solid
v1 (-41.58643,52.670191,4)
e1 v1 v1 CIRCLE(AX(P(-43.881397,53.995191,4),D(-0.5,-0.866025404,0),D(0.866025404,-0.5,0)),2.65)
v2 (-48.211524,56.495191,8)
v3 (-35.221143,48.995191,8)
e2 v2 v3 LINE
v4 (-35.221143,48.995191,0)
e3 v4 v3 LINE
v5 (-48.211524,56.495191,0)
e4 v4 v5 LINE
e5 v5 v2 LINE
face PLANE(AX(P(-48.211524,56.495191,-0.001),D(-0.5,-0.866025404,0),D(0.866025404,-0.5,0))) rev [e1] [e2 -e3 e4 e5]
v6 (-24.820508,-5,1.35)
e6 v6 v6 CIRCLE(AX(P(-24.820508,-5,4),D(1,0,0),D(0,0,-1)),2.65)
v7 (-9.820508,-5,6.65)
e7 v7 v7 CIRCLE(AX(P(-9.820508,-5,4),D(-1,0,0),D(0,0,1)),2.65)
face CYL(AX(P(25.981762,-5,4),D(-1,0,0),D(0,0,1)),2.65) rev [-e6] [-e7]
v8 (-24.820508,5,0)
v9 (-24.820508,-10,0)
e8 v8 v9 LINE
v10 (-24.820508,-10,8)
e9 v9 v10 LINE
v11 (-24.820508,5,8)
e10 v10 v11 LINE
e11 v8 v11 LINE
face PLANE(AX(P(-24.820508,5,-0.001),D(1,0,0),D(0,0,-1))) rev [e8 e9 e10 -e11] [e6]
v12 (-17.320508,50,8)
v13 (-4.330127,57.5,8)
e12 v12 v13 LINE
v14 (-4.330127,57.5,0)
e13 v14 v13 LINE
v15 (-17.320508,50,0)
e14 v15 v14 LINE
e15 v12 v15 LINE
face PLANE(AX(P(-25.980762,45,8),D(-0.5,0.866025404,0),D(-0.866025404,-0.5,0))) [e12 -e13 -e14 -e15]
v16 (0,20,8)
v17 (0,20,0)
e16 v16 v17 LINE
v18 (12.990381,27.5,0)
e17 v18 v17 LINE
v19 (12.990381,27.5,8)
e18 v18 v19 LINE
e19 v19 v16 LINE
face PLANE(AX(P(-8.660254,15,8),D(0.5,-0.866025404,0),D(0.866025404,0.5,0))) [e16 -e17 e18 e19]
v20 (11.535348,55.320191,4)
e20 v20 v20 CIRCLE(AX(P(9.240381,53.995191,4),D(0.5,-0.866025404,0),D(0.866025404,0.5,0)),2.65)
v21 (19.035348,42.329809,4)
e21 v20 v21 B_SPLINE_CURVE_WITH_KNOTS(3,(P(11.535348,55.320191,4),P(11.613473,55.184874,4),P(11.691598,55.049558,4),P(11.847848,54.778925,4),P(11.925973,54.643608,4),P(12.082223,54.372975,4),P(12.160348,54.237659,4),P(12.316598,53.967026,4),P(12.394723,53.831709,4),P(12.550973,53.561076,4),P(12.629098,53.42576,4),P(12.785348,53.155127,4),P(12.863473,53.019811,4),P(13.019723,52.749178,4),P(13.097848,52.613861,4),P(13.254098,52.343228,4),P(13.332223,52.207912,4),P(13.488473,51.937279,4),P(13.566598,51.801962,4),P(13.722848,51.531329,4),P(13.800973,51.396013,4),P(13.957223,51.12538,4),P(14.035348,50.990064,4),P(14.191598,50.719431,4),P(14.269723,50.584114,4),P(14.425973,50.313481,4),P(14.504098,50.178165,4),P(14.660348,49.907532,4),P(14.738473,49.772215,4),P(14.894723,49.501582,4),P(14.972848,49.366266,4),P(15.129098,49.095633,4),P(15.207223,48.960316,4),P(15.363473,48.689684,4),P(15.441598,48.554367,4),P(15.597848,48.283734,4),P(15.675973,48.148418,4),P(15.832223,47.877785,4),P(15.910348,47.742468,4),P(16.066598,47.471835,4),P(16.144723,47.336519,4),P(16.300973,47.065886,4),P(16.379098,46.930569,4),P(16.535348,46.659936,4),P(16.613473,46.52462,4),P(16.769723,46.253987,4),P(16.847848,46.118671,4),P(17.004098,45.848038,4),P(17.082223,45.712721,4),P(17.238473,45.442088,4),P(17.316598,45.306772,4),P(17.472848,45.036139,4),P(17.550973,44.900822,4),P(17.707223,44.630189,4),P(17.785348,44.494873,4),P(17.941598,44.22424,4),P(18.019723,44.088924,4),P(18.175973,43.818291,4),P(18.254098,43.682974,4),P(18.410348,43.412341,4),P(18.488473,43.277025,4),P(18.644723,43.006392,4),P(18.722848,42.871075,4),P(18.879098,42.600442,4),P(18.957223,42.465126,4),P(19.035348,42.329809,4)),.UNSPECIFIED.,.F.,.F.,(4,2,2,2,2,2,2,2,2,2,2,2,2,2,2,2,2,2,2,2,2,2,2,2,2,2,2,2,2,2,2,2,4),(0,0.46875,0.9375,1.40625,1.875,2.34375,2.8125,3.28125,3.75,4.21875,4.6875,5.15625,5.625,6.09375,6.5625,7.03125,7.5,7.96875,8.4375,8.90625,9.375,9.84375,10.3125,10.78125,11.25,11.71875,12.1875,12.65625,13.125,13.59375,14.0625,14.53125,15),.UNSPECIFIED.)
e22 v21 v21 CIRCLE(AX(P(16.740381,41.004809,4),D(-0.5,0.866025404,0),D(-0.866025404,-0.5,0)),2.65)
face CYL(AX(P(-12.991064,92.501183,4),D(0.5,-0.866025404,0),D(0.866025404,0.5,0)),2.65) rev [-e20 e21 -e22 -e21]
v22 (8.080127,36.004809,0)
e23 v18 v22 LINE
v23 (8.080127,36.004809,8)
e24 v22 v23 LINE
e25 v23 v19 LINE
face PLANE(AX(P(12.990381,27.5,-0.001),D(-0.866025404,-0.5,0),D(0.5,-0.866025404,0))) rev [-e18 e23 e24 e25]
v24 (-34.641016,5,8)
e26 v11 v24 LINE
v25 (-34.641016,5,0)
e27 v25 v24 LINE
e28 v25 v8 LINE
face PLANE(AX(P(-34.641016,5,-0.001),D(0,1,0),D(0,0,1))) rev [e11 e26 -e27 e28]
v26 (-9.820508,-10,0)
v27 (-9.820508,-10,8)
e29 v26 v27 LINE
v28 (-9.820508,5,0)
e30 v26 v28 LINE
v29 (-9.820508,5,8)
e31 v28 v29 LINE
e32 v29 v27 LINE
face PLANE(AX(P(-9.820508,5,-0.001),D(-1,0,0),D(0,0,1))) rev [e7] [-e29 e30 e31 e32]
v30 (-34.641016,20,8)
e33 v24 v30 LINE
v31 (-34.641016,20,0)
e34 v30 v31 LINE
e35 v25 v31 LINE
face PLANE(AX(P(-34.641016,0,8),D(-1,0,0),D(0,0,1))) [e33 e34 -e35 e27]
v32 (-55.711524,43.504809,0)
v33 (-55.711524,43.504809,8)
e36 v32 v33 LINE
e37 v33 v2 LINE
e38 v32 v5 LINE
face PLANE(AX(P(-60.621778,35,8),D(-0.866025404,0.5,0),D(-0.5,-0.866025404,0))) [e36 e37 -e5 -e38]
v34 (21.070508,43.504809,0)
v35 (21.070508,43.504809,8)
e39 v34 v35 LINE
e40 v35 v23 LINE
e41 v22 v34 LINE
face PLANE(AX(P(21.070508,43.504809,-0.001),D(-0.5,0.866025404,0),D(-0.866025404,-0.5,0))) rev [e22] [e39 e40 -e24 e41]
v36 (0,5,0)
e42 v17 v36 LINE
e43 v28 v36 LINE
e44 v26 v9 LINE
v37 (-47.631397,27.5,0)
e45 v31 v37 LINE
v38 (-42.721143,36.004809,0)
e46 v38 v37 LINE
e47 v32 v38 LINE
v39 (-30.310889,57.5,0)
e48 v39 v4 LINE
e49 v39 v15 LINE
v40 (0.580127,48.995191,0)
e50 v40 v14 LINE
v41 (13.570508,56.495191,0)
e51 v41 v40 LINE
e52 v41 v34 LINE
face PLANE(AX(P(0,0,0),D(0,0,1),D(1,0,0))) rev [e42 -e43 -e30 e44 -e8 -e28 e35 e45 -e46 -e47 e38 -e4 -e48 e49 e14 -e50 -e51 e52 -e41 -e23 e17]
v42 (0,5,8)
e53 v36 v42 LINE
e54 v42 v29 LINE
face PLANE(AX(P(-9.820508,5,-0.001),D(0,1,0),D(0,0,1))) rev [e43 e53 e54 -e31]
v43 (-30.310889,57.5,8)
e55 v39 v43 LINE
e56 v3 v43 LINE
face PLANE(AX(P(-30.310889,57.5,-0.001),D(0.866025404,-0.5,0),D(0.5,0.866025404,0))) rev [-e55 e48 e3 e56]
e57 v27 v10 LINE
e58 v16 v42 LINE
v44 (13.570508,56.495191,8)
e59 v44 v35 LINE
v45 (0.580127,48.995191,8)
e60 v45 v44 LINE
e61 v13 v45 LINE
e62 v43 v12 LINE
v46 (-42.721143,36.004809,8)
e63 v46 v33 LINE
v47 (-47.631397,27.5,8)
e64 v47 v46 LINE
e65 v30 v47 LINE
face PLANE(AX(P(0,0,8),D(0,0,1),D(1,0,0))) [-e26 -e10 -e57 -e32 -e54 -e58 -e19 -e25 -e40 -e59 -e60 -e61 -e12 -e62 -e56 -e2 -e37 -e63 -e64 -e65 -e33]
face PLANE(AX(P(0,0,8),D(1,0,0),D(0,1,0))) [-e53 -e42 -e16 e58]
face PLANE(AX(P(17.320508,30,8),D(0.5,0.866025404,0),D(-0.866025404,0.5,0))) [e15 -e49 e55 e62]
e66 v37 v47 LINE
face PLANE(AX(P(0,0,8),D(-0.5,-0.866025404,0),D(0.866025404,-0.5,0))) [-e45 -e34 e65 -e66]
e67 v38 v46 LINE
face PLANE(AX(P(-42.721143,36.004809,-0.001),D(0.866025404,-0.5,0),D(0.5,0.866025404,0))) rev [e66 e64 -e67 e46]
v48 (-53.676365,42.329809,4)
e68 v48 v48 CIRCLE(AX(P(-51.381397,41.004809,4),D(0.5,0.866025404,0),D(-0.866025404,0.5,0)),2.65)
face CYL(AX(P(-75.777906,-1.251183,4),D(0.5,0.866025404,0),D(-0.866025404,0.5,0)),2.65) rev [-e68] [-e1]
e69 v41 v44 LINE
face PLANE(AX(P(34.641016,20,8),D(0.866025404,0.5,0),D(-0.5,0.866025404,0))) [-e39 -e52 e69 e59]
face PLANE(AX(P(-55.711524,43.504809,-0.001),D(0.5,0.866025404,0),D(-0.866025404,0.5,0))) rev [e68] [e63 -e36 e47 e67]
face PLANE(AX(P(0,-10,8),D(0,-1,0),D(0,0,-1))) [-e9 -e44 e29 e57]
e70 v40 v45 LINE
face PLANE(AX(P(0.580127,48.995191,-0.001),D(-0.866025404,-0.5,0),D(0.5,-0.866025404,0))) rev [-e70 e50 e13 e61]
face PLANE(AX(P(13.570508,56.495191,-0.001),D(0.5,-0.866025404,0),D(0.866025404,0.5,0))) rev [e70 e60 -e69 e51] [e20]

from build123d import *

# Parameters (mm, degrees)
BOSS_EXTRUDE5_DEPTH = 8
CUT_EXTRUDE4_REACH  = 91.241
SKETCH6_R           = 2.65
CUT_EXTRUDE5_REACH  = 89.972
SKETCH7_R           = 2.65
CUT_EXTRUDE6_REACH  = 74.553
SKETCH8_R           = 2.65
CUT_EXTRUDE7_REACH  = 91.241
SKETCH10_W          = 9.820508075
SKETCH10_H          = 15
SKETCH10_W_2        = 9.820508076


with BuildPart() as part:
    # Sketch1 → Boss-Extrude5 (new body)
    with BuildSketch(Plane(origin=(0, 0, 0), x_dir=(0, 1, 0), z_dir=(0, 0, 1))):
        Polygon((35, 60.621778265), (30, 51.961524227), (50, 17.320508076), (65, 43.301270189), align=None)
        Polygon((60, 0), (0, 0), (30, 51.961524227), align=None)
        Polygon((60, 0), (20, 0), (35, -25.980762114), (65, -8.660254038), align=None)
        Polygon((-10, 0), (0, 0), (20, 34.641016151), (-10, 34.641016151), align=None)
    extrude(amount=BOSS_EXTRUDE5_DEPTH)

    # Sketch6 → Cut-Extrude4 (cut, up to next)
    with BuildSketch(Plane(origin=(-34.641016151, 0, 0), x_dir=(0, -1, 0), z_dir=(-1, 0, 0)), mode=Mode.PRIVATE) as cut_extrude4_sk1:
        with Locations(Location((5, 4, 0), (0, 0, 90))):
            Circle(SKETCH6_R)
    cut_extrude4_tool1 = extrude(cut_extrude4_sk1.sketch, amount=-CUT_EXTRUDE4_REACH, mode=Mode.PRIVATE) & part.part
    add(cut_extrude4_tool1.solids().sort_by_distance((-34.641016, -5, 4))[0], mode=Mode.SUBTRACT)

    # Sketch7 → Cut-Extrude5 (cut, up to next)
    with BuildSketch(Plane(origin=(17.320508076, 30, 0), x_dir=(-0.8660254037844388, 0.49999999999999967, 0), z_dir=(0.49999999999999967, 0.8660254037844388, 0)), mode=Mode.PRIVATE) as cut_extrude5_sk1:
        with Locations((65, 4)):
            Circle(SKETCH7_R)
    cut_extrude5_tool1 = extrude(cut_extrude5_sk1.sketch, amount=-CUT_EXTRUDE5_REACH, mode=Mode.PRIVATE) & part.part
    add(cut_extrude5_tool1.solids().sort_by_distance((-38.971143, 62.5, 4))[0], mode=Mode.SUBTRACT)

    # Sketch8 → Cut-Extrude6 (cut, up to next)
    with BuildSketch(Plane(origin=(-8.660254038, 15, 0), x_dir=(0.8660254037844385, 0.5000000000000003, 0), z_dir=(0.5000000000000003, -0.8660254037844385, 0)), mode=Mode.PRIVATE) as cut_extrude6_sk1:
        with Locations((35, 4)):
            Circle(SKETCH8_R)
    cut_extrude6_tool1 = extrude(cut_extrude6_sk1.sketch, amount=-CUT_EXTRUDE6_REACH, mode=Mode.PRIVATE) & part.part
    add(cut_extrude6_tool1.solids().sort_by_distance((21.650635, 32.5, 4))[0], mode=Mode.SUBTRACT)

    # Sketch10 → Cut-Extrude7 (cut, up to next)
    with BuildSketch(Plane.XY.offset(8), mode=Mode.PRIVATE) as cut_extrude7_sk1:
        with Locations((-29.730762114, -2.5)):
            Rectangle(SKETCH10_W, SKETCH10_H)
    cut_extrude7_tool1 = extrude(cut_extrude7_sk1.sketch, amount=-CUT_EXTRUDE7_REACH, mode=Mode.PRIVATE) & part.part
    # Sketch10 → Cut-Extrude7 (cut, up to next)
    with BuildSketch(Plane.XY.offset(8), mode=Mode.PRIVATE) as cut_extrude7_sk2:
        with Locations((-4.910254038, -2.5)):
            Rectangle(SKETCH10_W_2, SKETCH10_H)
    cut_extrude7_tool2 = extrude(cut_extrude7_sk2.sketch, amount=-CUT_EXTRUDE7_REACH, mode=Mode.PRIVATE) & part.part
    # Sketch10 → Cut-Extrude7 (cut, up to next)
    with BuildSketch(Plane.XY.offset(8), mode=Mode.PRIVATE) as cut_extrude7_sk3:
        Polygon((-60.621778265, 35), (-55.711524227, 43.504809472), (-42.72114317, 36.004809472), (-47.631397208, 27.5), align=None)
    cut_extrude7_tool3 = extrude(cut_extrude7_sk3.sketch, amount=-CUT_EXTRUDE7_REACH, mode=Mode.PRIVATE) & part.part
    # Sketch10 → Cut-Extrude7 (cut, up to next)
    with BuildSketch(Plane.XY.offset(8), mode=Mode.PRIVATE) as cut_extrude7_sk4:
        Polygon((-43.301270189, 65), (-30.310889132, 57.5), (-35.22114317, 48.995190528), (-48.211524227, 56.495190528), align=None)
    cut_extrude7_tool4 = extrude(cut_extrude7_sk4.sketch, amount=-CUT_EXTRUDE7_REACH, mode=Mode.PRIVATE) & part.part
    # Sketch10 → Cut-Extrude7 (cut, up to next)
    with BuildSketch(Plane.XY.offset(8), mode=Mode.PRIVATE) as cut_extrude7_sk5:
        Polygon((8.660254038, 65), (13.570508076, 56.495190528), (0.580127019, 48.995190528), (-4.330127019, 57.5), align=None)
    cut_extrude7_tool5 = extrude(cut_extrude7_sk5.sketch, amount=-CUT_EXTRUDE7_REACH, mode=Mode.PRIVATE) & part.part
    # Sketch10 → Cut-Extrude7 (cut, up to next)
    with BuildSketch(Plane.XY.offset(8), mode=Mode.PRIVATE) as cut_extrude7_sk6:
        Polygon((25.980762114, 35), (12.990381057, 27.5), (8.080127019, 36.004809472), (21.070508076, 43.504809472), align=None)
    cut_extrude7_tool6 = extrude(cut_extrude7_sk6.sketch, amount=-CUT_EXTRUDE7_REACH, mode=Mode.PRIVATE) & part.part
    add(cut_extrude7_tool1.solids().sort_by_distance((-29.730762, -2.5, 8))[0], mode=Mode.SUBTRACT)
    add(cut_extrude7_tool2.solids().sort_by_distance((-4.910254, -2.5, 8))[0], mode=Mode.SUBTRACT)
    add(cut_extrude7_tool3.solids().sort_by_distance((-51.671461, 35.502405, 8))[0], mode=Mode.SUBTRACT)
    add(cut_extrude7_tool4.solids().sort_by_distance((-39.261207, 56.997595, 8))[0], mode=Mode.SUBTRACT)
    add(cut_extrude7_tool5.solids().sort_by_distance((4.620191, 56.997595, 8))[0], mode=Mode.SUBTRACT)
    add(cut_extrude7_tool6.solids().sort_by_distance((17.030445, 35.502405, 8))[0], mode=Mode.SUBTRACT)


solid = part.part
